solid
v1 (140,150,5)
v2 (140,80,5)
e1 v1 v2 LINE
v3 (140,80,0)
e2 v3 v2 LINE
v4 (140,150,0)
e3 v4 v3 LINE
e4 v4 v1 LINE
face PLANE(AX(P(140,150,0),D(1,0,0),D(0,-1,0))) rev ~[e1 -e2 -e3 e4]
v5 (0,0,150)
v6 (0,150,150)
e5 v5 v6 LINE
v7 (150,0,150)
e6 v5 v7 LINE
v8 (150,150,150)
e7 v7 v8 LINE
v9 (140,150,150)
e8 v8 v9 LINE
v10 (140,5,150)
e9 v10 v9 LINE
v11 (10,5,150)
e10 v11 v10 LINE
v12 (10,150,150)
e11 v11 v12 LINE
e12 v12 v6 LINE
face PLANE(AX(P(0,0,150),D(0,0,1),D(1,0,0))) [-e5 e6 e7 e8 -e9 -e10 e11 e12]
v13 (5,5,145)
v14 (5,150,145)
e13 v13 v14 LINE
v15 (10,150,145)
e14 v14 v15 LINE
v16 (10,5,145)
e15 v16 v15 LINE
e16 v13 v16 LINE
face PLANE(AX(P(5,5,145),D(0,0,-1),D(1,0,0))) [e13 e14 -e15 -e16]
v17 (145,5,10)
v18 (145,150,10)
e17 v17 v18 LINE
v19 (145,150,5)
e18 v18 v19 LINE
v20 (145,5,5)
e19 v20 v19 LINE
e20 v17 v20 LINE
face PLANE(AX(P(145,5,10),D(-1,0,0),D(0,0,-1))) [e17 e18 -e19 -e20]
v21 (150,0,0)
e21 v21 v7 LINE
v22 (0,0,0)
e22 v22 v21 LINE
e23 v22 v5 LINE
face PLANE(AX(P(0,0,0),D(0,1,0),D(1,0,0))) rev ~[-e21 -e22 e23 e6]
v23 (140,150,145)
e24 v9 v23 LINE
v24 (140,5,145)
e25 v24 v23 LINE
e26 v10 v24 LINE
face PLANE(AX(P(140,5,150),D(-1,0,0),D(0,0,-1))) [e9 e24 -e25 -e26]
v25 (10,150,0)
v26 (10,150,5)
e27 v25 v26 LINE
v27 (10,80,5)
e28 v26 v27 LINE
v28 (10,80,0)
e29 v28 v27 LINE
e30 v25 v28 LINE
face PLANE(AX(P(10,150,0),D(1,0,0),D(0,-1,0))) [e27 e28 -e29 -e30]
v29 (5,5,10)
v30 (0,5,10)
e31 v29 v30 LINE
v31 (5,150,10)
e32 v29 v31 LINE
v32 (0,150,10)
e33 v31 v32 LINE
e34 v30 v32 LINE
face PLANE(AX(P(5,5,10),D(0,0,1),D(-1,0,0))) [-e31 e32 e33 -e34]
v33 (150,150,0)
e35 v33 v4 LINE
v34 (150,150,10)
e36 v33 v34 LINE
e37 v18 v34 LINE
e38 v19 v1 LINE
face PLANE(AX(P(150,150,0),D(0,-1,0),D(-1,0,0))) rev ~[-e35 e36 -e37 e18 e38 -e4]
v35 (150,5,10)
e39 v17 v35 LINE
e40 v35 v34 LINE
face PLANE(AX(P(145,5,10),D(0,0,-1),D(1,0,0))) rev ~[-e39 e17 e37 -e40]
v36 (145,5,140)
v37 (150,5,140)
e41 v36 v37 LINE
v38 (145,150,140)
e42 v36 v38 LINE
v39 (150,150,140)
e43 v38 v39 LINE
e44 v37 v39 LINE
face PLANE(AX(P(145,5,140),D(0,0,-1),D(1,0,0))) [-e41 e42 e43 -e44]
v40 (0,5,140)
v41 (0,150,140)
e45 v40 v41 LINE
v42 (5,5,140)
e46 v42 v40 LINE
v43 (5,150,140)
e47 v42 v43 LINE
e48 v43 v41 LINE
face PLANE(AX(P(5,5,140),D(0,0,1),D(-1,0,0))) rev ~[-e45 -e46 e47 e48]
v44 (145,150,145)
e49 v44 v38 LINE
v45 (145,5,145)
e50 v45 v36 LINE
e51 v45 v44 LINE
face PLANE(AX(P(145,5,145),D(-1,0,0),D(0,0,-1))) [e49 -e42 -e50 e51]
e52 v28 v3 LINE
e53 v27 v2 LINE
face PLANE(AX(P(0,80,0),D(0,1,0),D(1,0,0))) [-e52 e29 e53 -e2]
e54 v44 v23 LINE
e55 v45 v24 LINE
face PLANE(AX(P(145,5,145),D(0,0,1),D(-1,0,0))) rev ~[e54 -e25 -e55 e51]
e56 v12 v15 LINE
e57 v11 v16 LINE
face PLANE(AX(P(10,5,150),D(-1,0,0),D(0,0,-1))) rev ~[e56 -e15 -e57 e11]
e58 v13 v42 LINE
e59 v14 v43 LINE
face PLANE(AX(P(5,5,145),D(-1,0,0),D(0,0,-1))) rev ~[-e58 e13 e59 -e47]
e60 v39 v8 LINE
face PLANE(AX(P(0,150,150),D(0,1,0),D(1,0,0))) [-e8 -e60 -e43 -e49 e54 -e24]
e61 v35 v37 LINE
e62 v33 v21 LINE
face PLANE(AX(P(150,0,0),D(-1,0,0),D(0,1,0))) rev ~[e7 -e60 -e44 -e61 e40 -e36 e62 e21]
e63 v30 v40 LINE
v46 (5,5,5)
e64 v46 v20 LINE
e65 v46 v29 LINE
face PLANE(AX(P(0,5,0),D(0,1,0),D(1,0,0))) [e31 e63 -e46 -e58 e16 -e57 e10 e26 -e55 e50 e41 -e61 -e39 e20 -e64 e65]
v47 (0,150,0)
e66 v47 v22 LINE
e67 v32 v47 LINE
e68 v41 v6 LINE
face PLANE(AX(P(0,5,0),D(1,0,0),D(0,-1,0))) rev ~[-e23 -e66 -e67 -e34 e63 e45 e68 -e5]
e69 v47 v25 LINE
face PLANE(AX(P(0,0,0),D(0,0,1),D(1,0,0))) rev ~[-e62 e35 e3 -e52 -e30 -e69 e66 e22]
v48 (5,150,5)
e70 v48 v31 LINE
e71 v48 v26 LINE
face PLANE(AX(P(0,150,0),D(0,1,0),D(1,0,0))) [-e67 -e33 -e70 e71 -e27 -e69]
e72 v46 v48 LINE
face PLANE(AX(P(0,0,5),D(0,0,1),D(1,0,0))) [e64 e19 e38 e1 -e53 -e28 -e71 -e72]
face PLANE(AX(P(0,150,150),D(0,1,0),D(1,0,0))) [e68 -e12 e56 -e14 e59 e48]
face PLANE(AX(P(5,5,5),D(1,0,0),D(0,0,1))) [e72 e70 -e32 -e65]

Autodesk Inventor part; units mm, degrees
ref_plane "YZ Plane" through (0, 0, 0) normal (1, 0, 0) x (0, 1, 0)
ref_plane "XZ Plane" through (0, 0, 0) normal (0, 1, 0) x (-1, 0, 0)
ref_plane "XY Plane" through (0, 0, 0) normal (0, 0, 1) x (1, 0, 0)
sketch "스케치1" plane through (0, 0, 0) normal (0, 0, 1) x (1, 0, 0)
  line L0 (0, 0) -> (150, 0)
  line L1 (150, 0) -> (150, 150)
  line L2 (0, 150) -> (0, 0)
  line L3 (0, 80) -> (150, 80)
  line L4 (0, 5) -> (150, 5)
  line L5 (0, 150) -> (10, 150)
  line L6 (10, 150) -> (10, 80)
  line L7 (10, 80) -> (0, 80)
  line L8 (0, 80) -> (0, 150)
  line L9 (150, 150) -> (140, 150)
  line L10 (140, 150) -> (140, 80)
  line L11 (140, 80) -> (150, 80)
  line L12 (150, 80) -> (150, 150)
  line L13 (150, 150) -> (140, 150)
  line L14 (10, 150) -> (0, 150)
  dimension "d0" = 150
  dimension "d1" = 150
  dimension "d2" = 80
  dimension "d3" = 5
  dimension "d4" = 10
  dimension "d5" = 10
extrude "돌출1" add sketch "스케치1" along normal blind 150 contours L2 L4 L1 L0
extrude "돌출2" add sketch "스케치1" along normal blind 5 contours L2 L3 L1 L4
extrude "돌출3" add sketch "스케치1" along normal blind 5 contours L2 L5 L6 L3 | L3 L10 L9 L1
sketch "스케치2" plane through (0, 5, 150) normal (0, 1, 0) x (1, 0, 0)
  line L0 (150, 145) -> (0, 145) projected
  line L1 (0, 145) -> (0, 0) projected
  line L2 (150, 0) -> (0, 0) projected
  line L3 (150, 145) -> (150, 0) projected
  line L4 (140, 145) -> (140, 150) projected
  line L5 (140, 150) -> (10, 150) projected
  line L6 (10, 150) -> (10, 145) projected
  line L7 (140, 145) -> (10, 145) projected
  line L8 (10, 150) -> (0, 150) projected
  line L9 (0, 150) -> (0, 145) projected
  line L10 (10, 145) -> (0, 145) projected
  line L11 (10, 150) -> (10, 145) projected
  line L12 (150, 150) -> (140, 150) projected
  line L13 (140, 150) -> (140, 145) projected
  line L14 (150, 145) -> (140, 145) projected
  line L15 (150, 150) -> (150, 145) projected
  line L16 (0, 150) -> (5, 150)
  line L17 (5, 150) -> (5, 140)
  line L18 (5, 140) -> (0, 140)
  line L19 (0, 140) -> (0, 150)
  line L20 (0, 150) -> (150, 150) projected
  line L21 (0, 150) -> (0, 140)
  line L22 (5, 140) -> (5, 145)
  line L23 (10, 145) -> (10, 150)
  line L24 (0, 75) -> (150, 75)
  line L25 (150, 145) -> (150, 0) projected
  line L26 (75, 0) -> (75, 150)
  line L27 (10, 0) -> (10, 5)
  line L28 (10, 0) -> (0, 0)
  line L29 (5, 5) -> (5, 10)
  line L30 (5, 10) -> (0, 10)
  line L31 (0, 10) -> (0, 0)
  line L32 (5, 5) -> (10, 5)
  line L33 (5, 145) -> (10, 145)
  line L34 (10, 150.1761) -> (0, 150)
  line L35 (10, 0) -> (0, 0)
  line L36 (0, 145) -> (150, 145)
  line L37 (150, 145) -> (150, 0)
  line L38 (0, 0) -> (150, 0)
  line L39 (140, 150) -> (140, 145)
  line L40 (145, 140) -> (150, 140)
  line L41 (145, 140) -> (145, 145)
  line L42 (145, 10) -> (150, 10)
  line L43 (150, 10) -> (150, 0)
  line L44 (145, 5) -> (145, 10)
  line L45 (145, 5) -> (140, 5)
  line L46 (140, 0) -> (140, 5)
  point P0 (5, 0)
  point P1 (140, 5)
  point P2 (140, 0)
  point P3 (150, 10)
  point P4 (0, 10)
  point P5 (0, 140)
  dimension "d12" = 5
  dimension "d13" = 10
  dimension "d14" = 150
  dimension "d15" = 10
  dimension "d16" = 150
  dimension "d17" = 150
extrude "돌출4" add sketch "스케치2" along normal blind 145 contours L3 L40 L41 L0 | L3 L2 L46 L45 L44 L42 | L17 L18 L1 L0 | L30 L29 L32 L27 L2 L1
properties part number "적재부 하판"
